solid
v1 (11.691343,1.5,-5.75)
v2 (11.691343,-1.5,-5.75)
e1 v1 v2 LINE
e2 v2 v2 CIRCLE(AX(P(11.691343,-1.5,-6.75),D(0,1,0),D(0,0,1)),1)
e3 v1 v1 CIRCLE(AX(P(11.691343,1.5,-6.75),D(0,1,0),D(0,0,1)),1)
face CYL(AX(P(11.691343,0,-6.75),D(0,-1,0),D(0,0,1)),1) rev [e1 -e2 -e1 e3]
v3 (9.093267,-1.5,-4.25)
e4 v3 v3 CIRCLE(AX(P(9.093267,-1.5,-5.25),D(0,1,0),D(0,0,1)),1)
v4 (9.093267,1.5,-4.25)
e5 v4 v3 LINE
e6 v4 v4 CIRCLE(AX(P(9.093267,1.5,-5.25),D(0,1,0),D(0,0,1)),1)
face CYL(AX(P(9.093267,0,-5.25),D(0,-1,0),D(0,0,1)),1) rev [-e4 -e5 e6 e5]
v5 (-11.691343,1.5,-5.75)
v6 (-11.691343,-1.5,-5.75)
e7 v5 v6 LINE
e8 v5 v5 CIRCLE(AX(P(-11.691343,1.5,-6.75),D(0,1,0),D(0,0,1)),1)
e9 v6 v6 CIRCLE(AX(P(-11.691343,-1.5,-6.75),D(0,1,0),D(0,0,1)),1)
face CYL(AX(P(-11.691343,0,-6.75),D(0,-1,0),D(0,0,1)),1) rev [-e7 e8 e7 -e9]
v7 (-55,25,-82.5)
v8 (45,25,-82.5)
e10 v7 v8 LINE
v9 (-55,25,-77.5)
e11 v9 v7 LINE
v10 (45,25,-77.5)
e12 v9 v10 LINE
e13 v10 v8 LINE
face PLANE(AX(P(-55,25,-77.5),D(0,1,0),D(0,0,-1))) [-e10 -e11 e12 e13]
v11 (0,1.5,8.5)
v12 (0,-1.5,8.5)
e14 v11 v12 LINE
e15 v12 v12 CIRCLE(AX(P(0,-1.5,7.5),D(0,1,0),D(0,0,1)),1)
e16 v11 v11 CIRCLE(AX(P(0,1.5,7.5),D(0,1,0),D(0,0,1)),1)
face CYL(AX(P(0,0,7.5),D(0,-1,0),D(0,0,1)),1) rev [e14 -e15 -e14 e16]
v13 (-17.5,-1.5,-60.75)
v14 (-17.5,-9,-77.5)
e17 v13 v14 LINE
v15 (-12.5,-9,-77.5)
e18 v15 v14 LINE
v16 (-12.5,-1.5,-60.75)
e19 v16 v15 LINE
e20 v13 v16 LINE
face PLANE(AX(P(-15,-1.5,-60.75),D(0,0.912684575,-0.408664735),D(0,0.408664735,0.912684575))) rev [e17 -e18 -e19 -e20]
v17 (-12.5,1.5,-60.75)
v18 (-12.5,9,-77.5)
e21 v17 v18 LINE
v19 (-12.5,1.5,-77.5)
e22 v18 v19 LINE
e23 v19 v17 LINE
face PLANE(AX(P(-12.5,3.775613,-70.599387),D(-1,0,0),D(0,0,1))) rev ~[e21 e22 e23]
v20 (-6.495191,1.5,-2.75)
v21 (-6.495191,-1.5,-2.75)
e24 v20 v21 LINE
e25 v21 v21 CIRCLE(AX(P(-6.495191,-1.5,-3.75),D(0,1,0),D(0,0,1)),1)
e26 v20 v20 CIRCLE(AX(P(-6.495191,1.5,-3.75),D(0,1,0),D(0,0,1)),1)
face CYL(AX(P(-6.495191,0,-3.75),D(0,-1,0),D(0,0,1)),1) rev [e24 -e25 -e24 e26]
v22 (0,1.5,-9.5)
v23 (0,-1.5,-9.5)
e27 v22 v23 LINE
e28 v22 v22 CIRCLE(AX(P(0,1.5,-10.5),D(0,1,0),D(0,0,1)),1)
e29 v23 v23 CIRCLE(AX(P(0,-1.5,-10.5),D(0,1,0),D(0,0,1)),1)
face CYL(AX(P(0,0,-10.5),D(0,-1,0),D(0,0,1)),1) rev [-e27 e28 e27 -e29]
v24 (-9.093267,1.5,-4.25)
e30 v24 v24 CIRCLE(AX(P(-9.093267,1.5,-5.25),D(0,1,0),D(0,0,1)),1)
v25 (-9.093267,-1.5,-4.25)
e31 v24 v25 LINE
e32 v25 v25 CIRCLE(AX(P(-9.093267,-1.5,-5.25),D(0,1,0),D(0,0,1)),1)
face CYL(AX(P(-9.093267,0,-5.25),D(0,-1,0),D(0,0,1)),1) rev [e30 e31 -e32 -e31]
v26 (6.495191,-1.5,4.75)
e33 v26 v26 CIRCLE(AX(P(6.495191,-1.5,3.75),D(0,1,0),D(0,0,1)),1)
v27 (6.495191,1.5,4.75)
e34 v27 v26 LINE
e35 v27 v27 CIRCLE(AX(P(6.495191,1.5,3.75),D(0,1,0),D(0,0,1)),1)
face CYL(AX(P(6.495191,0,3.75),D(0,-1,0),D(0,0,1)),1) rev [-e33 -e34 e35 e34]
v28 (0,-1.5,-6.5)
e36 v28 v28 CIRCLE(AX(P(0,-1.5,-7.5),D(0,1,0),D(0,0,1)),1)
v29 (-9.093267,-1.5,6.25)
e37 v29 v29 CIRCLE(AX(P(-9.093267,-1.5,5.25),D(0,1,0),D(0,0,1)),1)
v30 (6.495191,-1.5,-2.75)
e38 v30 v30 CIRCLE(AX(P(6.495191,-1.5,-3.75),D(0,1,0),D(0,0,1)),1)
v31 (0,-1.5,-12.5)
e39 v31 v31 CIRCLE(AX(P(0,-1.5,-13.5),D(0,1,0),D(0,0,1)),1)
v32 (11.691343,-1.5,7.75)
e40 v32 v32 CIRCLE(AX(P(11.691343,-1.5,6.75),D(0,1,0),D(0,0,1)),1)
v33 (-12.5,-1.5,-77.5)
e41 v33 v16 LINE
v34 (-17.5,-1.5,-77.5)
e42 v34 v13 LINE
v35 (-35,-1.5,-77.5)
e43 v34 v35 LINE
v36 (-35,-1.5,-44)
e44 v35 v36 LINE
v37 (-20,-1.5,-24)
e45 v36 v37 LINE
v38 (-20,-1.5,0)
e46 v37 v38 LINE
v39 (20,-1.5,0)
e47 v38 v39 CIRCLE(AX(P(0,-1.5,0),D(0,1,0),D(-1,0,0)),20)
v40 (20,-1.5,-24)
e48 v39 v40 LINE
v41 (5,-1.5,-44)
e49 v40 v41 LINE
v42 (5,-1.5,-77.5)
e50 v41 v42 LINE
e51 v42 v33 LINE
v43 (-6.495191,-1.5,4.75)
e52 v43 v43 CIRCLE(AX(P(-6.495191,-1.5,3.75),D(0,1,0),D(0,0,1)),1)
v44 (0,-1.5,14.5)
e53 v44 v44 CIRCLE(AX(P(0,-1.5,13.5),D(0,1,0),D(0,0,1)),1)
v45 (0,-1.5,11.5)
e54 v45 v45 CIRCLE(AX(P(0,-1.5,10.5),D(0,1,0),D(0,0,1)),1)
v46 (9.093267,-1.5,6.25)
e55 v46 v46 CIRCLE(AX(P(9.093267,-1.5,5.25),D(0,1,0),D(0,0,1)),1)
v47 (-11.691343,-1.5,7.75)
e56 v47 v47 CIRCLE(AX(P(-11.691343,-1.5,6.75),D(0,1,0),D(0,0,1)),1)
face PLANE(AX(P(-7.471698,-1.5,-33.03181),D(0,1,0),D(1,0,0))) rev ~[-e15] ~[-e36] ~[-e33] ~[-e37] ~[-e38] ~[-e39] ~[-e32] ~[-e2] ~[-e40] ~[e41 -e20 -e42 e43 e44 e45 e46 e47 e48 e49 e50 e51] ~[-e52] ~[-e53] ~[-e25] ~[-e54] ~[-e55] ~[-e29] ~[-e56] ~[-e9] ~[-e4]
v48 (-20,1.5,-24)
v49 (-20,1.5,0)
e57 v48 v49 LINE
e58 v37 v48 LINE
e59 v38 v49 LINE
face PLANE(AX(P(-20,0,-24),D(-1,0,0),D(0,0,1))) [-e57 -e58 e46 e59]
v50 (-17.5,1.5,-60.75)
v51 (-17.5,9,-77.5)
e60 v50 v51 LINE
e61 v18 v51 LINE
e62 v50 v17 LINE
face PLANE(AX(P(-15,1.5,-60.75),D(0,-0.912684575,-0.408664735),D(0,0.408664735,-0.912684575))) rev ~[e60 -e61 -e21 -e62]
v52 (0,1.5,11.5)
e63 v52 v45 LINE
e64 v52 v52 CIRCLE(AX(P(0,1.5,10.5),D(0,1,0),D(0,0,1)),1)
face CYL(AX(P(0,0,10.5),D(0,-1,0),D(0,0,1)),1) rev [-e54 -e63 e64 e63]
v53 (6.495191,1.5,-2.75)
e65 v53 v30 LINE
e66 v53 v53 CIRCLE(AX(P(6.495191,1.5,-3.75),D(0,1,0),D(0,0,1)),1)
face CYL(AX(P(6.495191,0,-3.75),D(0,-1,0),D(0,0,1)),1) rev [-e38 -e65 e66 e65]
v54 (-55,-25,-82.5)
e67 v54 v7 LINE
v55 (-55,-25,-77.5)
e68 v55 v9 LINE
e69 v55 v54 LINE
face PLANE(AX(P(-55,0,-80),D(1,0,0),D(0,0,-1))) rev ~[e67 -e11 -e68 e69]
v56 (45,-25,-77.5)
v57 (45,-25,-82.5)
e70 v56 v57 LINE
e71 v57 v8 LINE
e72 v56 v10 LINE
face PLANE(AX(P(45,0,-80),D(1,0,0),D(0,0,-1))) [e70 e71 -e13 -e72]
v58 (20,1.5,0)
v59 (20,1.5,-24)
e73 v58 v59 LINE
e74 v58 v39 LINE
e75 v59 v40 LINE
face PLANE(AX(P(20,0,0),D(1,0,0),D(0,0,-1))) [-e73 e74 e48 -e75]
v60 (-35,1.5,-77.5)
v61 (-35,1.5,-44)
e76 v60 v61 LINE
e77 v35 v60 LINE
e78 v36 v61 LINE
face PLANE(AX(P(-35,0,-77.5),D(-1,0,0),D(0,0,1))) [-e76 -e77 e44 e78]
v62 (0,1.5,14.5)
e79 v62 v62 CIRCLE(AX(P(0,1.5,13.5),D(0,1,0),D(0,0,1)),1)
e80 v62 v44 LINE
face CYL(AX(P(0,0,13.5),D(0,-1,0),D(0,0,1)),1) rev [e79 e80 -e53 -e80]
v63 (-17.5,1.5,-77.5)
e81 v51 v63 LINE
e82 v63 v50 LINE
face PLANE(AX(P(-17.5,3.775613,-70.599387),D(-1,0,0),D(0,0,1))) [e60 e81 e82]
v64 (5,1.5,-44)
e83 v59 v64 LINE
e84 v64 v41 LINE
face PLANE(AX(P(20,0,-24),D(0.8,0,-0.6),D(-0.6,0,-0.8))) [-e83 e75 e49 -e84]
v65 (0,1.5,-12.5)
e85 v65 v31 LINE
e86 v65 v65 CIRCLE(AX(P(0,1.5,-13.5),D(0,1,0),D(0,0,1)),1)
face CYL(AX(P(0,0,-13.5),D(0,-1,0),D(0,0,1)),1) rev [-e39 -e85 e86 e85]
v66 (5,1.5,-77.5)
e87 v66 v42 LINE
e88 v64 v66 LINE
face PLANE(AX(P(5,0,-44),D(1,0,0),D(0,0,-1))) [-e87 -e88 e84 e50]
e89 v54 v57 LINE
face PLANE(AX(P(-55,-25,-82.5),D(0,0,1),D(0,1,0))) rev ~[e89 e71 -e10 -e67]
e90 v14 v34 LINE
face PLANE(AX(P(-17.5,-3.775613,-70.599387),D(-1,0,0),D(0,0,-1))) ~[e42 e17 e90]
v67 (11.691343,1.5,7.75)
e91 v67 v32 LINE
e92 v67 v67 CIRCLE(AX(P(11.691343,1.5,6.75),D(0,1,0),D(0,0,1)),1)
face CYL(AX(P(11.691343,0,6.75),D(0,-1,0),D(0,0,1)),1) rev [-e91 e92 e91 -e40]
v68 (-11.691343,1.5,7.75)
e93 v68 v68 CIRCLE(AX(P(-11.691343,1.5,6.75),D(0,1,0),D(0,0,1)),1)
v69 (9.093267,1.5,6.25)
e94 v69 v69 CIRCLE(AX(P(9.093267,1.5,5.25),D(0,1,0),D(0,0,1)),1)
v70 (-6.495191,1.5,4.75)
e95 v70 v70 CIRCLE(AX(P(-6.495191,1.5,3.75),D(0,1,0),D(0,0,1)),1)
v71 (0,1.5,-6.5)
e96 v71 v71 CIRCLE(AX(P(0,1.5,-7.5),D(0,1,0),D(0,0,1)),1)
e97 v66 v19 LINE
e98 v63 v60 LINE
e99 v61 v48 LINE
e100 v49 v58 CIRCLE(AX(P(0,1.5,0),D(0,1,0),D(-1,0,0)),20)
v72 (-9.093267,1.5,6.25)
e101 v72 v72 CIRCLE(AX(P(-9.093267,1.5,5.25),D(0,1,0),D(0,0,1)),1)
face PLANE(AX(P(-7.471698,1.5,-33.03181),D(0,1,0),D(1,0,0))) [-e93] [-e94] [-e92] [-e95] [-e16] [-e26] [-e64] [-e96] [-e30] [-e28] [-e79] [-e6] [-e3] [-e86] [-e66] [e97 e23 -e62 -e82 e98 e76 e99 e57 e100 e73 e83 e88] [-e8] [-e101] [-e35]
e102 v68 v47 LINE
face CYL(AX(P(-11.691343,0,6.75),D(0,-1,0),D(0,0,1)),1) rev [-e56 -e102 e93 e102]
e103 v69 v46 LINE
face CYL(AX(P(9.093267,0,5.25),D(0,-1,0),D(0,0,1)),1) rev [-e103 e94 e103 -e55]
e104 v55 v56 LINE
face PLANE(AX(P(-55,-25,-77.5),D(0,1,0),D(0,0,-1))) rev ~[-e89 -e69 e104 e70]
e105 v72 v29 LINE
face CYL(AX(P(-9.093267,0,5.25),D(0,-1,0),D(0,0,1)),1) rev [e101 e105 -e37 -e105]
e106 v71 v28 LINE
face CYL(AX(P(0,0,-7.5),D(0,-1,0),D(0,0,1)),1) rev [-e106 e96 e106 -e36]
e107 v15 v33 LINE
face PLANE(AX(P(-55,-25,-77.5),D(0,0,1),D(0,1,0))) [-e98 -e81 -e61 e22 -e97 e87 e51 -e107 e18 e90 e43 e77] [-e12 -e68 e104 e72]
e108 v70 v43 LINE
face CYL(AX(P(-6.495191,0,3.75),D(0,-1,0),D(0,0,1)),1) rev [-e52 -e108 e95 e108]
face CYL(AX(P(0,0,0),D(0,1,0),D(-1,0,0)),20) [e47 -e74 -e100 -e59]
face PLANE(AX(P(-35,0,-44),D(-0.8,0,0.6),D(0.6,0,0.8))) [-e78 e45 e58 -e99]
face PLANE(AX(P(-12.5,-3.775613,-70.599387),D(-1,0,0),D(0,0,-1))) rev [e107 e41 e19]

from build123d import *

# Parameters (mm, degrees)
SKETCH1_R                = 1
BOSS_EXTRUDE1_DEPTH      = 1.5
BOSS_EXTRUDE2_DEPTH      = 2.5
BOSS_EXTRUDE3_DEPTH      = 60
BOSS_EXTRUDE3_DEPTH_BACK = 40
SKETCH4_W                = 5
SKETCH4_H                = 50


with BuildPart() as part:
    # Sketch1 → Boss-Extrude1 (new, symmetric)
    with BuildSketch(Plane(origin=(0, 0, 0), x_dir=(1, 0, 0), z_dir=(0, 1, 0))):
        with BuildLine():
            Line((5, 77.5), (-35, 77.5))
            Line((-35, 77.5), (-35, 44))
            Line((-35, 44), (-20, 24))
            Line((-20, 24), (-20, 0))
            ThreePointArc((-20, 0), (0, -20), (20, 0))
            Line((20, 0), (20, 24))
            Line((20, 24), (5, 44))
            Line((5, 44), (5, 77.5))
        make_face()
        with Locations(Location((0, 7.5, 0), (0, 0, 270))):
            Circle(SKETCH1_R, mode=Mode.SUBTRACT)
        with Locations(Location((0, 10.5, 0), (0, 0, 270))):
            Circle(SKETCH1_R, mode=Mode.SUBTRACT)
        with Locations(Location((0, 13.5, 0), (0, 0, 270))):
            Circle(SKETCH1_R, mode=Mode.SUBTRACT)
        with Locations(Location((11.691342951, 6.75, 0), (0, 0, 270))):
            Circle(SKETCH1_R, mode=Mode.SUBTRACT)
        with Locations(Location((6.495190528, 3.75, 0), (0, 0, 270))):
            Circle(SKETCH1_R, mode=Mode.SUBTRACT)
        with Locations(Location((9.09326674, 5.25, 0), (0, 0, 270))):
            Circle(SKETCH1_R, mode=Mode.SUBTRACT)
        with Locations(Location((11.691342951, -6.75, 0), (0, 0, 270))):
            Circle(SKETCH1_R, mode=Mode.SUBTRACT)
        with Locations(Location((6.495190528, -3.75, 0), (0, 0, 270))):
            Circle(SKETCH1_R, mode=Mode.SUBTRACT)
        with Locations(Location((9.09326674, -5.25, 0), (0, 0, 270))):
            Circle(SKETCH1_R, mode=Mode.SUBTRACT)
        with Locations(Location((0, -13.5, 0), (0, 0, 270))):
            Circle(SKETCH1_R, mode=Mode.SUBTRACT)
        with Locations(Location((0, -7.5, 0), (0, 0, 270))):
            Circle(SKETCH1_R, mode=Mode.SUBTRACT)
        with Locations(Location((0, -10.5, 0), (0, 0, 270))):
            Circle(SKETCH1_R, mode=Mode.SUBTRACT)
        with Locations(Location((-11.691342951, -6.75, 0), (0, 0, 270))):
            Circle(SKETCH1_R, mode=Mode.SUBTRACT)
        with Locations(Location((-6.495190528, -3.75, 0), (0, 0, 270))):
            Circle(SKETCH1_R, mode=Mode.SUBTRACT)
        with Locations(Location((-9.09326674, -5.25, 0), (0, 0, 270))):
            Circle(SKETCH1_R, mode=Mode.SUBTRACT)
        with Locations(Location((-11.691342951, 6.75, 0), (0, 0, 270))):
            Circle(SKETCH1_R, mode=Mode.SUBTRACT)
        with Locations(Location((-6.495190528, 3.75, 0), (0, 0, 270))):
            Circle(SKETCH1_R, mode=Mode.SUBTRACT)
        with Locations(Location((-9.09326674, 5.25, 0), (0, 0, 270))):
            Circle(SKETCH1_R, mode=Mode.SUBTRACT)
    extrude(amount=BOSS_EXTRUDE1_DEPTH, both=True)

    # Sketch3 → Boss-Extrude2 (add, symmetric)
    with BuildSketch(Plane(origin=(-15, 0, 0), x_dir=(0, 0, -1), z_dir=(1, 0, 0))):
        Polygon((60.75, 1.5), (77.5, 9), (77.5, 1.5), align=None)
    boss_extrude2 = extrude(amount=BOSS_EXTRUDE2_DEPTH, both=True)

    # Mirror1: Boss-Extrude2 across plane
    add(boss_extrude2.mirror(Plane.ZX))

    # Sketch4 → Boss-Extrude3 (add, two sides: drawn at the far end of the back side and taken through both)
    with BuildSketch(Plane(origin=(-15, 0, 0), x_dir=(0, 0, -1), z_dir=(1, 0, 0)).offset(-BOSS_EXTRUDE3_DEPTH_BACK)):
        with Locations((80, 0)):
            Rectangle(SKETCH4_W, SKETCH4_H)
    extrude(amount=BOSS_EXTRUDE3_DEPTH + BOSS_EXTRUDE3_DEPTH_BACK)


solid = part.part
